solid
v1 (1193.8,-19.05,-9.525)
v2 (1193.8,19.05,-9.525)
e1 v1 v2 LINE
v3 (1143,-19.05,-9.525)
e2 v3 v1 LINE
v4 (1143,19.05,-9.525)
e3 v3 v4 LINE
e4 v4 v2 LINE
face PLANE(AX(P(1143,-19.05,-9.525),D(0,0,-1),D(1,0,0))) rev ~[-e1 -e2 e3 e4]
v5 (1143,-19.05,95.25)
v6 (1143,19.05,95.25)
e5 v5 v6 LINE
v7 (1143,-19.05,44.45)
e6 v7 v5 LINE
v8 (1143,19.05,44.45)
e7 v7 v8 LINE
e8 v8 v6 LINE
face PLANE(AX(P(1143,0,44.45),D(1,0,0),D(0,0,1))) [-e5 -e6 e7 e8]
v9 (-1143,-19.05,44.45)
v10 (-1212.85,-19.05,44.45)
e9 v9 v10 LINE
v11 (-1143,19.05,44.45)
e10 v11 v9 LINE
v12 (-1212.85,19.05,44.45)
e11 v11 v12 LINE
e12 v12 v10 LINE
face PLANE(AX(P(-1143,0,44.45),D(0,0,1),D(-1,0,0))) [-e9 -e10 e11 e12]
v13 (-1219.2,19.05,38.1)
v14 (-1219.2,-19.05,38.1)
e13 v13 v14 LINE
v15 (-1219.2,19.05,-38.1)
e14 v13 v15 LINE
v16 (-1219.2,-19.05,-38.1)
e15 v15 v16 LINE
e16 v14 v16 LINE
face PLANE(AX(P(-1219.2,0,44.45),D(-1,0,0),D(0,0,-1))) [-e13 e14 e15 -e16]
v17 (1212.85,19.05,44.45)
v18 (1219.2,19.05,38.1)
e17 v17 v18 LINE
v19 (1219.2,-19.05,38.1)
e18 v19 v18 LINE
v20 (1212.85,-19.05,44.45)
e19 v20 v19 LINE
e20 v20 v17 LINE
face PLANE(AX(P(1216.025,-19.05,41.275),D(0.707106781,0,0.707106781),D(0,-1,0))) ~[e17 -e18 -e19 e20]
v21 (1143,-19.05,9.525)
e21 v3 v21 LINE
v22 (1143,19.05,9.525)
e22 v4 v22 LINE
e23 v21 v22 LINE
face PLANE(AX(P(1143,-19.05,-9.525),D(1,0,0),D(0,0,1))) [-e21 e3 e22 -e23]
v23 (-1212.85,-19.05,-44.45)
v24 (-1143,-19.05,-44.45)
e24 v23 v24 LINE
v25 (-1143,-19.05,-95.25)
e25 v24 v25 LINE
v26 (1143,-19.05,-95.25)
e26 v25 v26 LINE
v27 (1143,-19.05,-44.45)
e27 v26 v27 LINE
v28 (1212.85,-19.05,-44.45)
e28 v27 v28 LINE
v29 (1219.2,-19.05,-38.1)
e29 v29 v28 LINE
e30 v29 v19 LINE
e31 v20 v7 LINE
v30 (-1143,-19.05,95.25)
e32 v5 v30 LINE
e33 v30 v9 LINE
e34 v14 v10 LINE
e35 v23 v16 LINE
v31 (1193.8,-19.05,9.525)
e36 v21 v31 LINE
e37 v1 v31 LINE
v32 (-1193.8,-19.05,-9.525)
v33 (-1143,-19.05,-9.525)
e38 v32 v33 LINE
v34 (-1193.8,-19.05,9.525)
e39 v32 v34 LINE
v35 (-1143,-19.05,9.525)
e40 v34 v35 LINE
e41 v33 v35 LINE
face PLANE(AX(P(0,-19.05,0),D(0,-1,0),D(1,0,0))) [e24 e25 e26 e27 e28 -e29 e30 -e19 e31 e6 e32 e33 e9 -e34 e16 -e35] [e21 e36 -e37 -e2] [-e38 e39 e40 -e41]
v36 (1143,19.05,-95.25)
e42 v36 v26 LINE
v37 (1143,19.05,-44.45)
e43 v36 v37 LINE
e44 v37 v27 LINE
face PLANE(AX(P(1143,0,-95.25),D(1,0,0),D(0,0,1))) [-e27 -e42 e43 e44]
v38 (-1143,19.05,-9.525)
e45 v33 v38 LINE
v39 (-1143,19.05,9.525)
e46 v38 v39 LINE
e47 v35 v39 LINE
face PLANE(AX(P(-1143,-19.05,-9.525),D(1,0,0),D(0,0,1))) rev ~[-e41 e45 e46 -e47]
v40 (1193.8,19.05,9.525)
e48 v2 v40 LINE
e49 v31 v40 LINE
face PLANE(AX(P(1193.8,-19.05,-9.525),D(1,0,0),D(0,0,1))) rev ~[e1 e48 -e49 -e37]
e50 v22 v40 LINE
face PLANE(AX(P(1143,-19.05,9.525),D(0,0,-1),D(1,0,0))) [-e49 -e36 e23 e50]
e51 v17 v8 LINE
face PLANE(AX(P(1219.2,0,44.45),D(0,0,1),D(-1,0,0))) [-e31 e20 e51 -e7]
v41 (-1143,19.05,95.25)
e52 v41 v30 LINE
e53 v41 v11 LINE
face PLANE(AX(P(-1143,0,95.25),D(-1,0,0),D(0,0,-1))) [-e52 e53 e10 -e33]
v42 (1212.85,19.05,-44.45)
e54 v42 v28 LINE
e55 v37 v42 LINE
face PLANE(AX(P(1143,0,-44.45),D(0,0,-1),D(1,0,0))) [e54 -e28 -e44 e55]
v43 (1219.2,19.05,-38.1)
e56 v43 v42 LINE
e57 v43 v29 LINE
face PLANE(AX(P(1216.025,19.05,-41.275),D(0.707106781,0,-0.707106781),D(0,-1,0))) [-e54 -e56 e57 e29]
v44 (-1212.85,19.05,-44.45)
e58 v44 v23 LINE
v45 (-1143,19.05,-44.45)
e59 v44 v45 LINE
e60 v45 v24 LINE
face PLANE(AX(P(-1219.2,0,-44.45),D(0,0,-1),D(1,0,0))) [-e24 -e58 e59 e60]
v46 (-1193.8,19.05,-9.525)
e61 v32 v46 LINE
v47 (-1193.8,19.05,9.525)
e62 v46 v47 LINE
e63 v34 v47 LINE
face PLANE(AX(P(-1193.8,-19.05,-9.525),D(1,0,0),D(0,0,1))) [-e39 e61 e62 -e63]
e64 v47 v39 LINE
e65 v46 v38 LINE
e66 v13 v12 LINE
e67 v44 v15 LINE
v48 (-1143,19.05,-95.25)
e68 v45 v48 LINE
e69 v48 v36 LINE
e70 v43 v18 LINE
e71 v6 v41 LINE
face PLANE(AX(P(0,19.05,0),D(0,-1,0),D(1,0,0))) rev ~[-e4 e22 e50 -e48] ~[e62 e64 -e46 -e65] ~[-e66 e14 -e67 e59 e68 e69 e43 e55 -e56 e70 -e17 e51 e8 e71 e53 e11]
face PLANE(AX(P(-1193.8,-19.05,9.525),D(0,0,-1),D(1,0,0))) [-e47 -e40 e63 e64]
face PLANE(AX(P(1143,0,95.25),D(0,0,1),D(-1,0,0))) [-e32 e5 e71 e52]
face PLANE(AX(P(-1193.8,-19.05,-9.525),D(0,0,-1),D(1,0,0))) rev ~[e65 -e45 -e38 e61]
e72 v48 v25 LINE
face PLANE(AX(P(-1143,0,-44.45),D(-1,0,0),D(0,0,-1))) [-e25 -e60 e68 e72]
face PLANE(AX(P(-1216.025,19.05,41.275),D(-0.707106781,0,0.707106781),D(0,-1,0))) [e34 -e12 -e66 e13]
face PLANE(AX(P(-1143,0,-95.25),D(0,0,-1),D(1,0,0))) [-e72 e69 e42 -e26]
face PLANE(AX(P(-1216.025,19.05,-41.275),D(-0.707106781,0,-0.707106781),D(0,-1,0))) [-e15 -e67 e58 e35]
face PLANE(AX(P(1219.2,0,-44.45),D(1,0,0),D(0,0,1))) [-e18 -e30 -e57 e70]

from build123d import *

# Parameters (mm, degrees)
F1_DEPTH      = 19.05
F1_DEPTH_BACK = 19.05
F2_SIZE       = 6.35
F3_W          = 50.8
F3_H          = 19.05
F4_DEPTH      = 38.101


with BuildPart() as f1:
    # F0 (on Front) → F1 (new body, two sides)
    with BuildSketch(Plane.XZ) as f1_sk:
        Polygon((1143, 95.25), (-1143, 95.25), (-1143, 44.45), (-1219.2, 44.45), (-1219.2, -44.45), (-1143, -44.45), (-1143, -95.25), (1143, -95.25), (1143, -44.45), (1219.2, -44.45), (1219.2, 44.45), (1143, 44.45), align=None)
    extrude(amount=F1_DEPTH)
    extrude(f1_sk.sketch, amount=-F1_DEPTH_BACK)

    # F2
    f2_edges = [f1.edges().sort_by_distance(p)[0] for p in [
        (1219.2, 0, 44.45),
        (1219.2, 0, -44.45),
        (-1219.2, 0, 44.45),
        (-1219.2, 0, -44.45),
    ]]
    chamfer(f2_edges, length=F2_SIZE)

    # F3 (on face) → F4 (cut, through all)
    with BuildSketch(Plane.XZ.offset(19.05)):
        with Locations((1168.4, 0)):
            Rectangle(F3_W, F3_H)
        with Locations((-1168.4, 0)):
            Rectangle(F3_W, F3_H)
    extrude(amount=-F4_DEPTH, mode=Mode.SUBTRACT)


solid = f1.part
